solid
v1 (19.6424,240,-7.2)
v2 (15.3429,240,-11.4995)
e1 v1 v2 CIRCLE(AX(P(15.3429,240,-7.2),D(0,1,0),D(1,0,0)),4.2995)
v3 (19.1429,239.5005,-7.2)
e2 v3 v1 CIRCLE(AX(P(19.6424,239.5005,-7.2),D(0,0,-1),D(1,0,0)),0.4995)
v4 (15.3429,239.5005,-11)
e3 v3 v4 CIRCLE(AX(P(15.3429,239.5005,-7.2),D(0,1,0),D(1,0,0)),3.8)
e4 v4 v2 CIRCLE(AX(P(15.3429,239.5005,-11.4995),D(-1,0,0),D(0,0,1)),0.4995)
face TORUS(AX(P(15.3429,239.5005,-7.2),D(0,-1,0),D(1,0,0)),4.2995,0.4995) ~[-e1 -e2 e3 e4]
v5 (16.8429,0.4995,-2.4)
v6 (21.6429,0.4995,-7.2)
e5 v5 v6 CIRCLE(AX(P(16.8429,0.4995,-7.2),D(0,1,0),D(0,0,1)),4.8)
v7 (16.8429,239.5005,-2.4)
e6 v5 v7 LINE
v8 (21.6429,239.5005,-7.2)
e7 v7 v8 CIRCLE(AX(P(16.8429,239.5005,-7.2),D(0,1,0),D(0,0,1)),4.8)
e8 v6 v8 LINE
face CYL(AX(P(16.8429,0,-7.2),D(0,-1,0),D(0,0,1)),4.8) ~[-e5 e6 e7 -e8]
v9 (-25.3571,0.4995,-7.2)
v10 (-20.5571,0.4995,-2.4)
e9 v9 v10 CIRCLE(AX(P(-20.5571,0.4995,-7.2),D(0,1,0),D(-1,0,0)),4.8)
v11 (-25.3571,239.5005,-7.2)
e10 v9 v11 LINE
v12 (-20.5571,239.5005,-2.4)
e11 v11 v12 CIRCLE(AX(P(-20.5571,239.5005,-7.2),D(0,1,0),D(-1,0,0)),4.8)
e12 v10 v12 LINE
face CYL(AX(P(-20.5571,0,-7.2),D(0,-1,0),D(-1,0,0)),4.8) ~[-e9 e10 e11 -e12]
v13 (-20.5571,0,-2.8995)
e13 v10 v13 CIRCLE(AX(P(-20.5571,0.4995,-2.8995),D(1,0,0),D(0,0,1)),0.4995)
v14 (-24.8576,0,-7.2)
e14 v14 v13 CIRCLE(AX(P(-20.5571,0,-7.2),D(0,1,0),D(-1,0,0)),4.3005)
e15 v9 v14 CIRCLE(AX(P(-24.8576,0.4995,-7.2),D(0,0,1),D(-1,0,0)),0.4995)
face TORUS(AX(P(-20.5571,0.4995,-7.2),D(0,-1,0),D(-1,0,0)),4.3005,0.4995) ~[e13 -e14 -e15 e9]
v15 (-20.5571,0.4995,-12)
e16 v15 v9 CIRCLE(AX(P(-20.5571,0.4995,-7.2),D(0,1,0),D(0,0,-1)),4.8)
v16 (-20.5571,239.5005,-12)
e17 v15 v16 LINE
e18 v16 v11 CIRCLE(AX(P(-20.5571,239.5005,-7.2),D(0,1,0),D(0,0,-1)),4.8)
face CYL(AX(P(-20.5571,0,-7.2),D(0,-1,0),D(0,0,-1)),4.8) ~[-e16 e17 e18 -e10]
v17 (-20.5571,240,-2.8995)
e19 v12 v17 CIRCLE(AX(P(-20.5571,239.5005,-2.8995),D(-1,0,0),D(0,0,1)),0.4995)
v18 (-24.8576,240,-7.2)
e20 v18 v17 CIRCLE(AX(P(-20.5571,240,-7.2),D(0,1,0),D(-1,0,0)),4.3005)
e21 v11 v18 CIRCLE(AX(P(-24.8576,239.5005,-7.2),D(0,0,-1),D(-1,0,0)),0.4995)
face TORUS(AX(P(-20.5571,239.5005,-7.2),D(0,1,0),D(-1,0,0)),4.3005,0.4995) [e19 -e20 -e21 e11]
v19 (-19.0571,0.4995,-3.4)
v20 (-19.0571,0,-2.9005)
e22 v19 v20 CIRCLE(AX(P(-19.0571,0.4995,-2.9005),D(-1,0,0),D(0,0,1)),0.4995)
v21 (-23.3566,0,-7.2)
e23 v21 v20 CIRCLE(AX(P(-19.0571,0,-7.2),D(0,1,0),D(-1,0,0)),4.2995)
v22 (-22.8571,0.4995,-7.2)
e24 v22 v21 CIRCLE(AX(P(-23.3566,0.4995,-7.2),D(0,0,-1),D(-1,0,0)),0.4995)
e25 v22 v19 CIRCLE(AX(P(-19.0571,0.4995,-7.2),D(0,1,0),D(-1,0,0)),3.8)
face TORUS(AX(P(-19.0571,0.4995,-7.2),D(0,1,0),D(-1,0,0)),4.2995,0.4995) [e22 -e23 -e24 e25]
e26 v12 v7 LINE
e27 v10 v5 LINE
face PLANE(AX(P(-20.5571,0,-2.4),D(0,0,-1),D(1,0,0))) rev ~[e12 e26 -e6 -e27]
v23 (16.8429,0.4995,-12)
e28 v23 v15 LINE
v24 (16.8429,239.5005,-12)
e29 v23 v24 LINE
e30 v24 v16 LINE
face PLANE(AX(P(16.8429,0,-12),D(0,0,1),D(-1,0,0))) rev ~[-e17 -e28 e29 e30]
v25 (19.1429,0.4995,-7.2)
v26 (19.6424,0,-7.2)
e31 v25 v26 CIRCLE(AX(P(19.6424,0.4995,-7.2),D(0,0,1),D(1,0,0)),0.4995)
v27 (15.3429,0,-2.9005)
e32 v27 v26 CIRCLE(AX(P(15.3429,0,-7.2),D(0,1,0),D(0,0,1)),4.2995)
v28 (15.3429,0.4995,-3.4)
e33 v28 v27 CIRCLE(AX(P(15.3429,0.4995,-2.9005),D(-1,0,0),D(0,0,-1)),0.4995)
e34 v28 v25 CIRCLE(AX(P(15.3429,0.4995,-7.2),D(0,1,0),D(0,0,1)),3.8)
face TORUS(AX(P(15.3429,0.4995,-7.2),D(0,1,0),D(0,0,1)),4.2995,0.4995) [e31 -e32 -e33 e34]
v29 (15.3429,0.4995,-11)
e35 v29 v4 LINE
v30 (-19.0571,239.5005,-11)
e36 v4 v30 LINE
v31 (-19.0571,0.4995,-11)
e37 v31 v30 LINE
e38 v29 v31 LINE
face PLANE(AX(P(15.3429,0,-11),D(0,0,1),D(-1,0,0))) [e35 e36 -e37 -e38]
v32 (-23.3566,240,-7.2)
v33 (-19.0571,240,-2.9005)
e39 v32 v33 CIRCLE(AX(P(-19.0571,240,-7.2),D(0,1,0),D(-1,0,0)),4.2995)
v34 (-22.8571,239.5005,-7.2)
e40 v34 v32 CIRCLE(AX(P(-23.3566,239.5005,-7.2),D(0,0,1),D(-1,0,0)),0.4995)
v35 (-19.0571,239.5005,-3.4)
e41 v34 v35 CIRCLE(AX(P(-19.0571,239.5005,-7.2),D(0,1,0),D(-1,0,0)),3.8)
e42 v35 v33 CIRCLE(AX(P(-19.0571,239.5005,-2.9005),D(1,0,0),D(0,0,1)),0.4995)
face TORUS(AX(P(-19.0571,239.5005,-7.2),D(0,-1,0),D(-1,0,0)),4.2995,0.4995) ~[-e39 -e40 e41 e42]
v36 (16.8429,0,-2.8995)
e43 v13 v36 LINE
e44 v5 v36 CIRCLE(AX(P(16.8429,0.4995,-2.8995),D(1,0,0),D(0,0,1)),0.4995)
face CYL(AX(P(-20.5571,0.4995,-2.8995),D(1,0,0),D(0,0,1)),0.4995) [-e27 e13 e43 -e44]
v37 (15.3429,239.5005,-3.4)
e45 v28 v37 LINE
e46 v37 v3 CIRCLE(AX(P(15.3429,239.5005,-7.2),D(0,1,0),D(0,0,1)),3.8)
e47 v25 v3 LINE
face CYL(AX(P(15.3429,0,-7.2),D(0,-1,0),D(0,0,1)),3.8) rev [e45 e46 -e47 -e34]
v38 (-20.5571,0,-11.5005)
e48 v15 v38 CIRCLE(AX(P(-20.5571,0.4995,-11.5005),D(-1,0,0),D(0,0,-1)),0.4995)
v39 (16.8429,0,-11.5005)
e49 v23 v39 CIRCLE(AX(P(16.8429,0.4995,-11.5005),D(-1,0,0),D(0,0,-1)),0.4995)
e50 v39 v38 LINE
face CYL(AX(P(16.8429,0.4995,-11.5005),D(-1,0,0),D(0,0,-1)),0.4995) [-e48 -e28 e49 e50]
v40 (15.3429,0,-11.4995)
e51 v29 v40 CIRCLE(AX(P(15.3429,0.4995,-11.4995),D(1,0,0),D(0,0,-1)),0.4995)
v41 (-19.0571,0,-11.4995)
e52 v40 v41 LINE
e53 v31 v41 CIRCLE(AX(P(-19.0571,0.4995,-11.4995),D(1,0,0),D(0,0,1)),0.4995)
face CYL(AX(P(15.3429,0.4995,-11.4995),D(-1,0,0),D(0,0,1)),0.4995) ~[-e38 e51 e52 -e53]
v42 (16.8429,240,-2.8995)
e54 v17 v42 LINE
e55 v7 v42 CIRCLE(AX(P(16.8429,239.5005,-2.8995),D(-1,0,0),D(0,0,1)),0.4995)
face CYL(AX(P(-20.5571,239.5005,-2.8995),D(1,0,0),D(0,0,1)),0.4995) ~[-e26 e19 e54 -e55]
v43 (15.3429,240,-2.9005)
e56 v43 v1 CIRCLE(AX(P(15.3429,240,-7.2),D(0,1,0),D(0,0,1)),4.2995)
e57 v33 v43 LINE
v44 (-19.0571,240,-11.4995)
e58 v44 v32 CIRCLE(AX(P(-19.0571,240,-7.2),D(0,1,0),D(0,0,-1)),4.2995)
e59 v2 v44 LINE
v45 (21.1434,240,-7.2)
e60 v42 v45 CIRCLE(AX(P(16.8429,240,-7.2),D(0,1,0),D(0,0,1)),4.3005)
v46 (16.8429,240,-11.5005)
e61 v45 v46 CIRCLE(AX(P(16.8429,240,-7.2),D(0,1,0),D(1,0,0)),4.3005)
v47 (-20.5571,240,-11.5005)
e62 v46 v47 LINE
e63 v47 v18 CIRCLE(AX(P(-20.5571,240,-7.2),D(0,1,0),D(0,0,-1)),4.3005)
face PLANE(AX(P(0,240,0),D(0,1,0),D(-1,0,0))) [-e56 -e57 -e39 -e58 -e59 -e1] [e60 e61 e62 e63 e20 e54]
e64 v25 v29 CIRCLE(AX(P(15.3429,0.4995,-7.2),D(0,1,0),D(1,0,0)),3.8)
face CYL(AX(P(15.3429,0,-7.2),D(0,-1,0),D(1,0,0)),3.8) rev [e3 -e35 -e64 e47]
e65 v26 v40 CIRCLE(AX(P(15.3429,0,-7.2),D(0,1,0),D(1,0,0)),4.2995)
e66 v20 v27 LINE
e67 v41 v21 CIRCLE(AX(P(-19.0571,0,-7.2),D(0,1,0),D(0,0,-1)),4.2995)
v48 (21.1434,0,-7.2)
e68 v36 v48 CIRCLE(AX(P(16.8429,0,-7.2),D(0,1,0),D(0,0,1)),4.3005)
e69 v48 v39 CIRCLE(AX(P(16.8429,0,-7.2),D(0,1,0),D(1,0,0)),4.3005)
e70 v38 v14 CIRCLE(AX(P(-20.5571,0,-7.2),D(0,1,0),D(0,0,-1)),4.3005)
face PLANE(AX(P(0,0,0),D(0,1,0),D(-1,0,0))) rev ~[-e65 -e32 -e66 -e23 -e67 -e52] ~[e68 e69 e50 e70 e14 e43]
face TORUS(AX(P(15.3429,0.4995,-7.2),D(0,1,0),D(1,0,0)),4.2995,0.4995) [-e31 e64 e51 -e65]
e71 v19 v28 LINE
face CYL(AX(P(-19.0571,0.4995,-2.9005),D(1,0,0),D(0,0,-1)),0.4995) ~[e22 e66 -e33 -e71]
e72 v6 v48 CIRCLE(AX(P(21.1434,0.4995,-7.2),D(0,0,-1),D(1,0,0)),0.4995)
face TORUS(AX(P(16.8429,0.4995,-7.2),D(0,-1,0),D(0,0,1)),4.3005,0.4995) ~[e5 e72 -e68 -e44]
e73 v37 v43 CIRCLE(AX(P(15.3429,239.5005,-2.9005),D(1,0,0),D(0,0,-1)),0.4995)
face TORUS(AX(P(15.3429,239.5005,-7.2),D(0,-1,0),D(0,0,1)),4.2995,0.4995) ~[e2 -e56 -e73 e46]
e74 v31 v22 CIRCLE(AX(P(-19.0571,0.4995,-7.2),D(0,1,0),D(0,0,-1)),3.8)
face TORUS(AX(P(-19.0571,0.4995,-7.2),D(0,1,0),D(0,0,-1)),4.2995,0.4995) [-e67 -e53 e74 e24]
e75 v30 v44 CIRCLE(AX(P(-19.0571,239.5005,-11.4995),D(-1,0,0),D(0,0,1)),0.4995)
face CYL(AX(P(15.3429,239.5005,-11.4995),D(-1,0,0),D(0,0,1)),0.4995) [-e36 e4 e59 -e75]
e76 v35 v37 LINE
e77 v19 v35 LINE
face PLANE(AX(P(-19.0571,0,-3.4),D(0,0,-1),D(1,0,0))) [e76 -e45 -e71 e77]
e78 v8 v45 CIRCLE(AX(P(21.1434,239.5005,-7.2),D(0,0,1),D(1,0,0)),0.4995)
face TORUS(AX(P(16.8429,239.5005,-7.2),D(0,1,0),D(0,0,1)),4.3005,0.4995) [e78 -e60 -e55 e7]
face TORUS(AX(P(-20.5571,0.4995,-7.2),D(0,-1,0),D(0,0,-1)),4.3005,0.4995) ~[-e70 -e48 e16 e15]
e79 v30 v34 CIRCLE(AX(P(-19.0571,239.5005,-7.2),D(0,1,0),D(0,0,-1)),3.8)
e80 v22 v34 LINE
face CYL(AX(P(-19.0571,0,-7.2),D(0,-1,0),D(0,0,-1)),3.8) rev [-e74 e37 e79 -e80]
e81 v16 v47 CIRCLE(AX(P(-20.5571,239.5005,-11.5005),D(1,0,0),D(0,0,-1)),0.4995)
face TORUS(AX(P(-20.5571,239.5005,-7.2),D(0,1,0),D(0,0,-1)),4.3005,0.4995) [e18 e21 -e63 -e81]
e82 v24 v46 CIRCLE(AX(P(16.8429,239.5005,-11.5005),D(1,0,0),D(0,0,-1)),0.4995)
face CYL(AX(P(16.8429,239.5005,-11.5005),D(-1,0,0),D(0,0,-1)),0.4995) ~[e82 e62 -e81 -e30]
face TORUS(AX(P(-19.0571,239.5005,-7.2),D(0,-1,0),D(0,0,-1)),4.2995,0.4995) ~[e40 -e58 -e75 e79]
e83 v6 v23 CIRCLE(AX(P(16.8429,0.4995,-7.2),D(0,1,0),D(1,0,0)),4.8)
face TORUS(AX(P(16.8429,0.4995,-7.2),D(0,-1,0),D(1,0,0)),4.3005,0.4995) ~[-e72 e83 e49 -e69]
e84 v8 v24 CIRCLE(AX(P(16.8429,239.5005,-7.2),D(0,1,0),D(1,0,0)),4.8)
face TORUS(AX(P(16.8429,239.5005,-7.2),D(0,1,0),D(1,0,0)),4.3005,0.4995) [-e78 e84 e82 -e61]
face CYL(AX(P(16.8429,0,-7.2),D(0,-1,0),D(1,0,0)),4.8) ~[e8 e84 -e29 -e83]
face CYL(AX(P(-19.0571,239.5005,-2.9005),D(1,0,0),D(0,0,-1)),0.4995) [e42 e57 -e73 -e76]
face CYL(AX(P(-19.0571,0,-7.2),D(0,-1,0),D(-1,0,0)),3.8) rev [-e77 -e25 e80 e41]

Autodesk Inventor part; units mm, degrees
ref_plane "YZ Plane" through (0, 0, 0) normal (1, 0, 0) x (0, 1, 0)
sketch "Эскиз1" plane through (0, 0, 0) normal (0, 1, 0) x (-1, 0, 0)
  line L0 (20.5571, -2.4) -> (-16.8429, -2.4)
  line L1 (-21.6429, -7.2) -> (-21.6429, -7.2)
  line L2 (-16.8429, -12) -> (20.5571, -12)
  line L3 (25.3571, -7.2) -> (25.3571, -7.2)
  arc A0 (25.3571, -7.2) -> (20.5571, -2.4) centre (20.5571, -7.2) ccw
  arc A1 (20.5571, -12) -> (25.3571, -7.2) centre (20.5571, -7.2) ccw
  arc A2 (-16.8429, -2.4) -> (-21.6429, -7.2) centre (-16.8429, -7.2) ccw
  arc A3 (-21.6429, -7.2) -> (-16.8429, -12) centre (-16.8429, -7.2) ccw
  line L4 (19.0571, -3.4) -> (-15.3429, -3.4)
  line L5 (-19.1429, -7.2) -> (-19.1429, -7.2)
  line L6 (-15.3429, -11) -> (19.0571, -11)
  line L7 (22.8571, -7.2) -> (22.8571, -7.2)
  arc A4 (22.8571, -7.2) -> (19.0571, -3.4) centre (19.0571, -7.2) ccw
  arc A5 (19.0571, -11) -> (22.8571, -7.2) centre (19.0571, -7.2) ccw
  arc A6 (-19.1429, -7.2) -> (-15.3429, -11) centre (-15.3429, -7.2) ccw
  arc A7 (-15.3429, -3.4) -> (-19.1429, -7.2) centre (-15.3429, -7.2) ccw
  point P0 (0, 0)
  point P1 (25.3571, -2.4)
  point P2 (-21.6429, -2.4)
  dimension "d0" = 47
  dimension "d1" = 9.6
  dimension "d2" = 4.8
  dimension "d3" = 1
  dimension "d4" = 1
  dimension "d5" = 2.5
  dimension "d6" = 2.5
  dimension "d7" = 3.8
extrude "Выдавливание1" add sketch "Эскиз1" along normal blind 240
ref_plane "РабПлоскость1" through (0, 250, 0) normal (0, 1, 0) x (1, 0, 0)
fillet "Сопряжение1" radius 0.5 16 edges at (-23.9513, 0, -3.8059) (-1.8571, 0, -12) (20.237, 0, -3.8059) (-1.8571, 0, -2.4) (18.0299, 0, -9.887) (-1.8571, 0, -11) (-21.7441, 0, -9.887) (-1.8571, 0, -3.4) (-1.8571, 240, -11) (18.0299, 240, -9.887) (-1.8571, 240, -3.4) (-21.7441, 240, -9.887) (-1.8571, 240, -2.4) (20.237, 240, -10.5941) (-1.8571, 240, -12) (-23.9513, 240, -3.8059)
ref_plane "РабПлоскость2" through (-19.0571, 0, -7.2) normal (0, 0, -1) x (0, 1, 0)
ref_plane "РабПлоскость4" through (-12.0571, 0, -7.2) normal (-1, 0, 0) x (0, 1, 0)
ref_plane "РабПлоскость3" through (-19.0571, 0, -7.2) normal (-1, 0, 0) x (0, 1, 0)
ref_plane "РабПлоскость5" through (-5.0571, 0, -7.2) normal (-1, 0, 0) x (0, 1, 0)
ref_plane "РабПлоскость6" through (1.9429, 0, -7.2) normal (-1, 0, 0) x (0, 1, 0)
ref_plane "РабПлоскость7" through (8.9429, 0, -7.2) normal (-1, 0, 0) x (0, 1, 0)
ref_plane "РабПлоскость8" through (15.9429, 0, -7.2) normal (-1, 0, 0) x (0, 1, 0)
properties part number "isolator_C"
